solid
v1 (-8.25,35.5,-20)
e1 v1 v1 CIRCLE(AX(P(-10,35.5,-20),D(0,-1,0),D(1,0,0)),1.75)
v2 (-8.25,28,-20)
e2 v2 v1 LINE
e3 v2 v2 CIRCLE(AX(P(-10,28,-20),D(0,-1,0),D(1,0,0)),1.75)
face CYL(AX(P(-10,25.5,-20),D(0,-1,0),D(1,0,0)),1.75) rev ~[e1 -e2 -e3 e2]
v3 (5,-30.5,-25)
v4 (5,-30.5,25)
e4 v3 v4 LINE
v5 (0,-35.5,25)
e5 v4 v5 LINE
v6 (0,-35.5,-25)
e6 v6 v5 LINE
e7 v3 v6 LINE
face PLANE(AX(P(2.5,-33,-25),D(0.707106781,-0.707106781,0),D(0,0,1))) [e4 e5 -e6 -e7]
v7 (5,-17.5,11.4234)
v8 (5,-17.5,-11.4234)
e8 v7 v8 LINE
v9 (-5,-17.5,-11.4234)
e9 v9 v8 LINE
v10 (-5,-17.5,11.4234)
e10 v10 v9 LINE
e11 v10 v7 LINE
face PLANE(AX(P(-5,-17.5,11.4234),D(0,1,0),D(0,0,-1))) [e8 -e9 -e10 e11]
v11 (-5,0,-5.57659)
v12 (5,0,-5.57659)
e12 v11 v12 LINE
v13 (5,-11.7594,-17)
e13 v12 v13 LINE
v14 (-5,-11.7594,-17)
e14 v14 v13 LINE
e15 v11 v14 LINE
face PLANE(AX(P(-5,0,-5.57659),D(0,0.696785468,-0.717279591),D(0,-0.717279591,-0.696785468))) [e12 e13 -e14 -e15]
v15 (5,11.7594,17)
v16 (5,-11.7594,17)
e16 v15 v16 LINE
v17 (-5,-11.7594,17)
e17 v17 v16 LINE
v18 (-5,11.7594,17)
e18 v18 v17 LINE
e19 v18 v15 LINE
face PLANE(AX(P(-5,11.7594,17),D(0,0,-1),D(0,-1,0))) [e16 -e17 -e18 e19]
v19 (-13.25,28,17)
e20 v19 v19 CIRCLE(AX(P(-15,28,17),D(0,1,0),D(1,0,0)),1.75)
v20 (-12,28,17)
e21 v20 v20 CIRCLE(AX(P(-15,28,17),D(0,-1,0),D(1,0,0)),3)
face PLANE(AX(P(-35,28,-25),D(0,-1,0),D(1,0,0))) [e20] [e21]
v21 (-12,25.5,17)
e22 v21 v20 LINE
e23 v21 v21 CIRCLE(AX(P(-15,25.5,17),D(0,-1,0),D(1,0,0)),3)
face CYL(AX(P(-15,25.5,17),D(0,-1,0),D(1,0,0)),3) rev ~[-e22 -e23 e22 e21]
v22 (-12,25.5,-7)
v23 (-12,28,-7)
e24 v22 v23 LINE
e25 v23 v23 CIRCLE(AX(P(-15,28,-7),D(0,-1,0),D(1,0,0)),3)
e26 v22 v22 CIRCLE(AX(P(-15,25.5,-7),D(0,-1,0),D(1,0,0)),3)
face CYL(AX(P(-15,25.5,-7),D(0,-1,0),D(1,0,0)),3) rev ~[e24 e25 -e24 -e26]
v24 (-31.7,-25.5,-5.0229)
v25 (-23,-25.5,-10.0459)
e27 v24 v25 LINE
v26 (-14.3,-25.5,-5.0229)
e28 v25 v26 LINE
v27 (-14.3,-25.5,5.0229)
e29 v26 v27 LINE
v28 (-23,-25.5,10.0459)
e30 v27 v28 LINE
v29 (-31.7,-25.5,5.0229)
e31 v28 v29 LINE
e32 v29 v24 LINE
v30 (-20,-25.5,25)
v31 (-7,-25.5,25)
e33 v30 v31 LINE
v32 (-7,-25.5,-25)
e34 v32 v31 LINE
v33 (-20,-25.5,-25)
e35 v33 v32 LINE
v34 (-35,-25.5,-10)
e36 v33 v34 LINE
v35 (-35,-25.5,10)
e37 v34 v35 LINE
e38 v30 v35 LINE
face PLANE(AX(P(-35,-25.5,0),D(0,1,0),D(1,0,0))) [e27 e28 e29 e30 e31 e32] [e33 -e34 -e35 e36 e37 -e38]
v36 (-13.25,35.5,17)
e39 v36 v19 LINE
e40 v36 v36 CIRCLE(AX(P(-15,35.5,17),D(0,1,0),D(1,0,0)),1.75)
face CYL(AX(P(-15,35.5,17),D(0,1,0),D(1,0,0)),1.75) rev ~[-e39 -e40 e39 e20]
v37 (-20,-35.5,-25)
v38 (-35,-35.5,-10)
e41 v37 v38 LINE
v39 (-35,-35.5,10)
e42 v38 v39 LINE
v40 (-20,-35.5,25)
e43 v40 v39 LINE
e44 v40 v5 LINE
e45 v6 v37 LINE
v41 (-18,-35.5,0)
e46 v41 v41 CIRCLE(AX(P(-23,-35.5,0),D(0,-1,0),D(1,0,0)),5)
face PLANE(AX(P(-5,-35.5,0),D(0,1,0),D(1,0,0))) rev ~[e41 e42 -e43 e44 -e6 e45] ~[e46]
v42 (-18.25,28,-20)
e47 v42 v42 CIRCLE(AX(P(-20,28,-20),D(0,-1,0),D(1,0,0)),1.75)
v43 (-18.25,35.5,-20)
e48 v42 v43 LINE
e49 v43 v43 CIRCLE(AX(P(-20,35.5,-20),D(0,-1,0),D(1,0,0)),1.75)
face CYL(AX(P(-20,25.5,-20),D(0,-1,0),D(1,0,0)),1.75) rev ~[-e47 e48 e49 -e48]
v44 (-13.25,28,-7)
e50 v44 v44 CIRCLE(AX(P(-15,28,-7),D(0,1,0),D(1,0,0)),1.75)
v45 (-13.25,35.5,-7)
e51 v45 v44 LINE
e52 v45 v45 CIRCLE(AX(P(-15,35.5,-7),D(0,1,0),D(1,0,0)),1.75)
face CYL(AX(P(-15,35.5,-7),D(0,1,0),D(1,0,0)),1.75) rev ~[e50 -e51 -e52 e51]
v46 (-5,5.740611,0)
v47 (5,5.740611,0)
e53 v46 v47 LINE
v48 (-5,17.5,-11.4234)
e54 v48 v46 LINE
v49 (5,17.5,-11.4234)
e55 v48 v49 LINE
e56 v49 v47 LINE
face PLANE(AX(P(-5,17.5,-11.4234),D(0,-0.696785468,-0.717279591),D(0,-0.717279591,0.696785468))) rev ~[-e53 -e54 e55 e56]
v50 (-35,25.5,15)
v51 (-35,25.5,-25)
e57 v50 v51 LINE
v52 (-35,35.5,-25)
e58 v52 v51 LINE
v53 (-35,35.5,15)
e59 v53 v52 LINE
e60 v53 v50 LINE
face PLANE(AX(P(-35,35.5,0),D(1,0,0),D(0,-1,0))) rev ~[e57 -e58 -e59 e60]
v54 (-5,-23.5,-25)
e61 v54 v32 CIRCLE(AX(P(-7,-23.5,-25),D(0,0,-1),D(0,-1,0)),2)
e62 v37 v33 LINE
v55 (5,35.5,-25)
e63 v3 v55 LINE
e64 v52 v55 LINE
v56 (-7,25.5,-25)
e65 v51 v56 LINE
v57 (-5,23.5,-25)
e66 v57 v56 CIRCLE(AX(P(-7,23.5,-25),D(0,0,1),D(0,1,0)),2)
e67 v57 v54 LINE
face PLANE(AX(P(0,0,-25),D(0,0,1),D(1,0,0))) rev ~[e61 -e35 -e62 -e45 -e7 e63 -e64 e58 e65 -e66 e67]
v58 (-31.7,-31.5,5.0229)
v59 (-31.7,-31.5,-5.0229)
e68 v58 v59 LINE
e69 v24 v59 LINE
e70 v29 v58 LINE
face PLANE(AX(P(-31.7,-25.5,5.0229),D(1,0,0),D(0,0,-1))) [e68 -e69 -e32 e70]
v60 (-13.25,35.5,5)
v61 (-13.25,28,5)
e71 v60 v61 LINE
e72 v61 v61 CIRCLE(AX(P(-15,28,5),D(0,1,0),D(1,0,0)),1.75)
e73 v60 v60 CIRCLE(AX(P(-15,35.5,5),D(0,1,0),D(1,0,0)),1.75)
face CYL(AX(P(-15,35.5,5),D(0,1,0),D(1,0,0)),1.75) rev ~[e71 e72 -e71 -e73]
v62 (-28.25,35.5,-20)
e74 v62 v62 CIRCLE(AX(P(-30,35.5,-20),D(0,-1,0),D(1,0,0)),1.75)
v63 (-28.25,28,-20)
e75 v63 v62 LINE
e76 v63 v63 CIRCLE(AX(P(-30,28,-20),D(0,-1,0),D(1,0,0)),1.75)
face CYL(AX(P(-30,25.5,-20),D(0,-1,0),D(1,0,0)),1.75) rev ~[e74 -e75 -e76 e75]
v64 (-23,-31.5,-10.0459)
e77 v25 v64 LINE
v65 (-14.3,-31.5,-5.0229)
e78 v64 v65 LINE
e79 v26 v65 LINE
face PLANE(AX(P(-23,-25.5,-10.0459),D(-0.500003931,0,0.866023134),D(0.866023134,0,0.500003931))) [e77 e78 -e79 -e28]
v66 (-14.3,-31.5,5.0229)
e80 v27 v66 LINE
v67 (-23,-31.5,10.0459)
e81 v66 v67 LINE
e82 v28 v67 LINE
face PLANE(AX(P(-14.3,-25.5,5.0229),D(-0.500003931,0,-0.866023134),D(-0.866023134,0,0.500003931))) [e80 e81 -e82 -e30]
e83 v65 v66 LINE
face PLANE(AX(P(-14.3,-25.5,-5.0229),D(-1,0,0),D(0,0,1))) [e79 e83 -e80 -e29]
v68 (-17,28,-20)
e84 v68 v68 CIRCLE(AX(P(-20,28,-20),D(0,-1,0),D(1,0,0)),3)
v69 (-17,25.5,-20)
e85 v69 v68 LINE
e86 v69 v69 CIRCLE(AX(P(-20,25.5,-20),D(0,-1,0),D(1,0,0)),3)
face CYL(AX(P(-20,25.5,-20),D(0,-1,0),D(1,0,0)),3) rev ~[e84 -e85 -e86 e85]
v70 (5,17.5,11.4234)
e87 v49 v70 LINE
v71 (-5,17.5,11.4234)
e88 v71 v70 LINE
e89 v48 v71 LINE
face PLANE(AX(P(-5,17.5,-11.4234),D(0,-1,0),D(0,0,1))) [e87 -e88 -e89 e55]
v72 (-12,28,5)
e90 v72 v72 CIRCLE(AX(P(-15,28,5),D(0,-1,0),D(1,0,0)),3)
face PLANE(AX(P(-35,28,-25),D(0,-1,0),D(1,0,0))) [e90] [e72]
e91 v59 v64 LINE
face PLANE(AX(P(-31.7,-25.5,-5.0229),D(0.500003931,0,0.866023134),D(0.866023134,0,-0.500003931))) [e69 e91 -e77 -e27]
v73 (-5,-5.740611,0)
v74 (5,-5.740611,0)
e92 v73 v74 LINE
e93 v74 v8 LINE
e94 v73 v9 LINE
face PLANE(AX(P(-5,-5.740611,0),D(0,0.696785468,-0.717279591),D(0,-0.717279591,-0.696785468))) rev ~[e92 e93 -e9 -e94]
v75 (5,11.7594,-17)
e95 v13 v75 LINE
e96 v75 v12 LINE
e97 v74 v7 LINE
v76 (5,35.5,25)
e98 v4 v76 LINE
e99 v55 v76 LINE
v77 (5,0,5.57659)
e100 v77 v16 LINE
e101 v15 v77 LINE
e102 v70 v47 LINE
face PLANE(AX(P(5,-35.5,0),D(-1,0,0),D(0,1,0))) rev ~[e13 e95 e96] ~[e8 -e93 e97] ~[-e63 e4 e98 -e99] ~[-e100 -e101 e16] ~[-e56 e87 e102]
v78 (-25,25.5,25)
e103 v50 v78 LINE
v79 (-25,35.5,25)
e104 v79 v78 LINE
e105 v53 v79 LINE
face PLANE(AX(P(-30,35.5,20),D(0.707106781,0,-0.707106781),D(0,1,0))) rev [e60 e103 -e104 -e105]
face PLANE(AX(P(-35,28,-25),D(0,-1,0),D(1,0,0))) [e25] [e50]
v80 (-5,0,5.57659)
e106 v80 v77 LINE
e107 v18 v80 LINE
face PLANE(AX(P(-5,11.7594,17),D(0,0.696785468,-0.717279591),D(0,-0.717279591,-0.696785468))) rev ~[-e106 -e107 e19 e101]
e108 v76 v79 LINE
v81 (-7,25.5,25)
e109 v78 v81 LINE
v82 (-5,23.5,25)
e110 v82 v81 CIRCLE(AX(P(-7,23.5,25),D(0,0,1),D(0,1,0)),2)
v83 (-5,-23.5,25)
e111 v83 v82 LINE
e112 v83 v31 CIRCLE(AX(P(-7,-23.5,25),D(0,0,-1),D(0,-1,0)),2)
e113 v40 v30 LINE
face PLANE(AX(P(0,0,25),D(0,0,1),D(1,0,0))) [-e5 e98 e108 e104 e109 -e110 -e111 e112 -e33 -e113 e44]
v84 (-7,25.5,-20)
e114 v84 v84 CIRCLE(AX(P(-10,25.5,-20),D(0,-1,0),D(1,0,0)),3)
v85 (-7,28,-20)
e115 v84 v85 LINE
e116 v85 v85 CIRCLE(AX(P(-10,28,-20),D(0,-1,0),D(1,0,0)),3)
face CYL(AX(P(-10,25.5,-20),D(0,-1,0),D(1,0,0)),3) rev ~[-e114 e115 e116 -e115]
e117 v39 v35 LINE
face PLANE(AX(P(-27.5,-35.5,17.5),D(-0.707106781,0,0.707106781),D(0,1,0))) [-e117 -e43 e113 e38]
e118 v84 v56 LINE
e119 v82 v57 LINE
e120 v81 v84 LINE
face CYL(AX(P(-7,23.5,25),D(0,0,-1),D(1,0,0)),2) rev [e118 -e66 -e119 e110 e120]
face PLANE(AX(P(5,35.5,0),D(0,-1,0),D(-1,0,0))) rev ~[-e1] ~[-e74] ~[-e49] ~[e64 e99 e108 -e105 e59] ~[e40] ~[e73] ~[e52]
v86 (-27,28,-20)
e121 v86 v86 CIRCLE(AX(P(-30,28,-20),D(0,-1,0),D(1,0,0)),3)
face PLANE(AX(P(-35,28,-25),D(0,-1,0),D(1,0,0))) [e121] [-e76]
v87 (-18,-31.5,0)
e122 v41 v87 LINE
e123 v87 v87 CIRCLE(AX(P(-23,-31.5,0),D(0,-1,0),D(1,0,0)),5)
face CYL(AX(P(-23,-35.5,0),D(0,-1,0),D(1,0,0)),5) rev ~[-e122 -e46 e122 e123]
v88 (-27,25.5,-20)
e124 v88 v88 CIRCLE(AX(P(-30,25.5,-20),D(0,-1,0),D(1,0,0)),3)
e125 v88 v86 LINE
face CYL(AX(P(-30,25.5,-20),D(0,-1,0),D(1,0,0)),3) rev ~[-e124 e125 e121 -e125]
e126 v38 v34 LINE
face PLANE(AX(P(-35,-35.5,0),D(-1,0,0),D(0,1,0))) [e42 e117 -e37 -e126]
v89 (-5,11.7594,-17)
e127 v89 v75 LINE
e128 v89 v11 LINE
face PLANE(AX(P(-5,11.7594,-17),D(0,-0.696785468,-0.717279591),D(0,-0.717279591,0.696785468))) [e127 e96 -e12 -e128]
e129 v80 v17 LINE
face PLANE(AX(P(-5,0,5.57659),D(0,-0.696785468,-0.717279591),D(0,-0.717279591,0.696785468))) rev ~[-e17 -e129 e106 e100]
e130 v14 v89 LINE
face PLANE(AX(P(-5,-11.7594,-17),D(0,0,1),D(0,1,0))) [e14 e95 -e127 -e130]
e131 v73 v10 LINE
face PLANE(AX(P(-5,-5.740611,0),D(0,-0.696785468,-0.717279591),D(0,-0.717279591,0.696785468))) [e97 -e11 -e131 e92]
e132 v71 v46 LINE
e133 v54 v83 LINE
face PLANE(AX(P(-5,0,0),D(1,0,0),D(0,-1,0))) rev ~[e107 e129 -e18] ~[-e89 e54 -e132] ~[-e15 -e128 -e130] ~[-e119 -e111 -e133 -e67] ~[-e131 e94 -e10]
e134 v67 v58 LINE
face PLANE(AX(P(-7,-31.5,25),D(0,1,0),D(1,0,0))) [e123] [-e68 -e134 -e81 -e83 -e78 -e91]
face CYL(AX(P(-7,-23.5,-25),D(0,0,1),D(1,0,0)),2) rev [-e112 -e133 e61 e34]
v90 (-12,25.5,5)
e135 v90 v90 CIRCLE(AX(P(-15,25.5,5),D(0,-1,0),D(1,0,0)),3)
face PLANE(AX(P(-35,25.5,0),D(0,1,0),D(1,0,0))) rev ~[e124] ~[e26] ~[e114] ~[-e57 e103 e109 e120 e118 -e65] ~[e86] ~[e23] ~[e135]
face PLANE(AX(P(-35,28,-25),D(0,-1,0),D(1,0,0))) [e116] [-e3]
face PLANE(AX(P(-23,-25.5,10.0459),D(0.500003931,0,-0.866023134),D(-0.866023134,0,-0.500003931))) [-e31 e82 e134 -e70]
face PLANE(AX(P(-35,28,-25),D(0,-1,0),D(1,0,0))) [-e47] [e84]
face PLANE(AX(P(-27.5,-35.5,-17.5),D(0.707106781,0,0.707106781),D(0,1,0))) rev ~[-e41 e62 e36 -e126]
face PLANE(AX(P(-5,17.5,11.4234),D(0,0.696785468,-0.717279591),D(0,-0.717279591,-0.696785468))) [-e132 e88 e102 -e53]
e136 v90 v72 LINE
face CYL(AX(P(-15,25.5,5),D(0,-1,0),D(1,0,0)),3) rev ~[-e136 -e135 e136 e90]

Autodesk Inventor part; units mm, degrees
ref_plane "YZ Plane" through (0, 0, 0) normal (1, 0, 0) x (0, 1, 0)
ref_plane "XZ Plane" through (0, 0, 0) normal (0, 1, 0) x (-1, 0, 0)
sketch "스케치1" plane through (0, 0, 0) normal (0, 0, 1) x (1, 0, 0)
  line L0 (-5, -35.5) -> (5, -35.5)
  line L1 (5, -35.5) -> (5, 35.5)
  line L2 (5, 35.5) -> (-5, 35.5)
  line L3 (-5, 35.5) -> (-5, -35.5)
  line L4 (-5, -35.5) -> (5, 35.5) construction
  line L5 (5, -35.5) -> (-5, 35.5) construction
  line L6 (-5, 35.5) -> (-35, 35.5)
  line L7 (-35, 35.5) -> (-35, 25.5)
  line L8 (-35, 25.5) -> (-5, 25.5)
  line L9 (-5, 25.5) -> (-5, 35.5)
  line L10 (0, 0) -> (-11.0402, 0)
  line L11 (-5, -35.5) -> (-35, -35.5)
  line L12 (-35, -35.5) -> (-35, -25.5)
  line L13 (-35, -25.5) -> (-5, -25.5)
  point P0 (-5, 25.5)
  point P1 (-5, -25.5)
  dimension "d0" = 71
  dimension "d1" = 10
  dimension "d2" = 10
  dimension "d3" = 30
extrude "돌출1" add sketch "스케치1" along normal mid plane 50
ref_plane "작업 평면1" through (-15, 25.5, -25) normal (-1, 0, 0) x (0, 0, 1)
sketch "스케치5" plane through (-5, -25.5, 25) normal (-1, 0, 0) x (0, 0, 1)
  line L0 (-50, 0) -> (0, 0) projected
  line L1 (0, 51) -> (0, 0) projected
  line L2 (-50, 51) -> (0, 51) projected
  line L3 (-50, 0) -> (-50, 51) projected
  line L4 (-8, 43) -> (-8, 8)
  line L5 (-8, 8) -> (-42, 8)
  line L6 (-42, 8) -> (-42, 43)
  line L7 (-42, 43) -> (-8, 43)
  line L8 (-42, 43) -> (-8, 8) construction
  line L9 (-36.4234, 43) -> (-8, 13.7406)
  line L10 (-42, 37.2594) -> (-13.5766, 8)
  line L11 (-25, 25.5) -> (-25, 37.0316)
  line L12 (-8, 43) -> (-42, 8) construction
  line L13 (-13.5766, 43) -> (-42, 13.7406)
  line L14 (-8, 37.2594) -> (-36.4234, 8)
  point P0 (-42, 13.7406)
  point P1 (-30.5766, 25.5)
  point P2 (-8, 37.2594)
  point P3 (-19.4234, 25.5)
  point P4 (-25, 19.7594)
  point P5 (-36.4234, 8)
  point P6 (-25, 31.2406)
  dimension "d24" = 8
  dimension "d25" = 4
  dimension "d26" = 4
extrude "돌출5" cut sketch "스케치5" against normal blind 10 contours L4 L9 L14 | L13 L9 L7 | L10 L5 L14 | L13 L6 L10
fillet "모깎기1" radius 2 2 edges at (-5, 25.5, 0) (-5, -25.5, 0)
sketch "스케치6" plane through (-35, -35.5, 25) normal (0, -1, 0) x (1, 0, 0)
  circle A0 centre (12, -25) radius 5
  line L0 (0, -50) -> (0, 0) projected
  point P0 (35, -25)
  point P1 (0, -25)
  dimension "d30" = 10
  dimension "d31" = 12
extrude "돌출6" cut sketch "스케치6" against normal up to surface (10 mm away)
chamfer "모따기1" distance 15 angle 45 2 edges at (-35, -30.5, 25) (-35, -30.5, -25)
sketch "스케치7" plane through (-7, -25.5, 25) normal (0, 1, 0) x (1, 0, 0)
  circle A0 centre (-16, 25) radius 5 projected
  line L0 (-16, 35.0459) -> (-7.3, 30.0229)
  line L1 (-7.3, 30.0229) -> (-7.3, 19.9771)
  line L2 (-7.3, 19.9771) -> (-16, 14.9541)
  line L3 (-16, 14.9541) -> (-24.7, 19.9771)
  line L4 (-24.7, 19.9771) -> (-24.7, 30.0229)
  line L5 (-24.7, 30.0229) -> (-16, 35.0459)
  point P0 (7, 25)
  dimension "d37" = 17.4
extrude "돌출7" cut sketch "스케치7" against normal blind 6 contours A0 | L0 L1 L2 L3 L4 L5
sketch "스케치14" plane through (-35, 25.5, -25) normal (0, -1, 0) x (1, 0, 0)
  circle A0 centre (5, 5) radius 1.75
  circle A1 centre (5, 5) radius 3
  line L0 (0, 0) -> (40, 0) projected
  line L1 (0, 0) -> (0, 50) projected
  circle A2 centre (15, 5) radius 1.75
  circle A3 centre (15, 5) radius 3
  circle A4 centre (25, 5) radius 1.75
  circle A5 centre (25, 5) radius 3
  point P0 (35, 25)
  dimension "d74" = 3.5
  dimension "d75" = 6
  dimension "d76" = 5
  dimension "d77" = 5
  dimension "d80" = 10
extrude "돌출12" cut sketch "스케치14" against normal blind 10 contours A0 | A2 | A4
extrude "돌출13" cut sketch "스케치14" against normal blind 2.5 contours A1 | A3 | A4 | A5
sketch "스케치15" plane through (-35, 35.5, 25) normal (0, 1, 0) x (1, 0, 0)
  circle A0 centre (20, 8) radius 1.75
  line L0 (40, 0) -> (0, 0) projected
  line L1 (40, 50) -> (40, 0) projected
  circle A1 centre (20, 20) radius 1.75
  circle A2 centre (20, 32) radius 1.75
  point P0 (35, 25)
  point P1 (20, 0)
  dimension "d89" = 3.5
  dimension "d90" = 8
  dimension "d93" = 12
extrude "돌출14" cut sketch "스케치15" against normal up to surface (10 mm away)
chamfer "모따기3" distance 10 angle 45 1 edges at (-35, 30.5, 25)
chamfer "모따기4" distance 5 angle 45 1 edges at (5, -35.5, 0)
sketch "스케치16" plane through (-35, 25.5, -25) normal (0, -1, 0) x (1, 0, 0)
  circle A0 centre (20, 18) radius 1.75 projected
  circle A1 centre (20, 18) radius 3
  circle A2 centre (20, 30) radius 1.75 projected
  circle A3 centre (20, 30) radius 3
  circle A4 centre (20, 42) radius 1.75 projected
  circle A5 centre (20, 42) radius 3
  point P0 (35, 25)
  dimension "d106" = 6
  dimension "d107" = 6
  dimension "d108" = 6
extrude "돌출15" cut sketch "스케치16" against normal blind 2.5 contours A0 | A1 | A2 | A3 | A4 | A5
properties part number "전체 형상"
